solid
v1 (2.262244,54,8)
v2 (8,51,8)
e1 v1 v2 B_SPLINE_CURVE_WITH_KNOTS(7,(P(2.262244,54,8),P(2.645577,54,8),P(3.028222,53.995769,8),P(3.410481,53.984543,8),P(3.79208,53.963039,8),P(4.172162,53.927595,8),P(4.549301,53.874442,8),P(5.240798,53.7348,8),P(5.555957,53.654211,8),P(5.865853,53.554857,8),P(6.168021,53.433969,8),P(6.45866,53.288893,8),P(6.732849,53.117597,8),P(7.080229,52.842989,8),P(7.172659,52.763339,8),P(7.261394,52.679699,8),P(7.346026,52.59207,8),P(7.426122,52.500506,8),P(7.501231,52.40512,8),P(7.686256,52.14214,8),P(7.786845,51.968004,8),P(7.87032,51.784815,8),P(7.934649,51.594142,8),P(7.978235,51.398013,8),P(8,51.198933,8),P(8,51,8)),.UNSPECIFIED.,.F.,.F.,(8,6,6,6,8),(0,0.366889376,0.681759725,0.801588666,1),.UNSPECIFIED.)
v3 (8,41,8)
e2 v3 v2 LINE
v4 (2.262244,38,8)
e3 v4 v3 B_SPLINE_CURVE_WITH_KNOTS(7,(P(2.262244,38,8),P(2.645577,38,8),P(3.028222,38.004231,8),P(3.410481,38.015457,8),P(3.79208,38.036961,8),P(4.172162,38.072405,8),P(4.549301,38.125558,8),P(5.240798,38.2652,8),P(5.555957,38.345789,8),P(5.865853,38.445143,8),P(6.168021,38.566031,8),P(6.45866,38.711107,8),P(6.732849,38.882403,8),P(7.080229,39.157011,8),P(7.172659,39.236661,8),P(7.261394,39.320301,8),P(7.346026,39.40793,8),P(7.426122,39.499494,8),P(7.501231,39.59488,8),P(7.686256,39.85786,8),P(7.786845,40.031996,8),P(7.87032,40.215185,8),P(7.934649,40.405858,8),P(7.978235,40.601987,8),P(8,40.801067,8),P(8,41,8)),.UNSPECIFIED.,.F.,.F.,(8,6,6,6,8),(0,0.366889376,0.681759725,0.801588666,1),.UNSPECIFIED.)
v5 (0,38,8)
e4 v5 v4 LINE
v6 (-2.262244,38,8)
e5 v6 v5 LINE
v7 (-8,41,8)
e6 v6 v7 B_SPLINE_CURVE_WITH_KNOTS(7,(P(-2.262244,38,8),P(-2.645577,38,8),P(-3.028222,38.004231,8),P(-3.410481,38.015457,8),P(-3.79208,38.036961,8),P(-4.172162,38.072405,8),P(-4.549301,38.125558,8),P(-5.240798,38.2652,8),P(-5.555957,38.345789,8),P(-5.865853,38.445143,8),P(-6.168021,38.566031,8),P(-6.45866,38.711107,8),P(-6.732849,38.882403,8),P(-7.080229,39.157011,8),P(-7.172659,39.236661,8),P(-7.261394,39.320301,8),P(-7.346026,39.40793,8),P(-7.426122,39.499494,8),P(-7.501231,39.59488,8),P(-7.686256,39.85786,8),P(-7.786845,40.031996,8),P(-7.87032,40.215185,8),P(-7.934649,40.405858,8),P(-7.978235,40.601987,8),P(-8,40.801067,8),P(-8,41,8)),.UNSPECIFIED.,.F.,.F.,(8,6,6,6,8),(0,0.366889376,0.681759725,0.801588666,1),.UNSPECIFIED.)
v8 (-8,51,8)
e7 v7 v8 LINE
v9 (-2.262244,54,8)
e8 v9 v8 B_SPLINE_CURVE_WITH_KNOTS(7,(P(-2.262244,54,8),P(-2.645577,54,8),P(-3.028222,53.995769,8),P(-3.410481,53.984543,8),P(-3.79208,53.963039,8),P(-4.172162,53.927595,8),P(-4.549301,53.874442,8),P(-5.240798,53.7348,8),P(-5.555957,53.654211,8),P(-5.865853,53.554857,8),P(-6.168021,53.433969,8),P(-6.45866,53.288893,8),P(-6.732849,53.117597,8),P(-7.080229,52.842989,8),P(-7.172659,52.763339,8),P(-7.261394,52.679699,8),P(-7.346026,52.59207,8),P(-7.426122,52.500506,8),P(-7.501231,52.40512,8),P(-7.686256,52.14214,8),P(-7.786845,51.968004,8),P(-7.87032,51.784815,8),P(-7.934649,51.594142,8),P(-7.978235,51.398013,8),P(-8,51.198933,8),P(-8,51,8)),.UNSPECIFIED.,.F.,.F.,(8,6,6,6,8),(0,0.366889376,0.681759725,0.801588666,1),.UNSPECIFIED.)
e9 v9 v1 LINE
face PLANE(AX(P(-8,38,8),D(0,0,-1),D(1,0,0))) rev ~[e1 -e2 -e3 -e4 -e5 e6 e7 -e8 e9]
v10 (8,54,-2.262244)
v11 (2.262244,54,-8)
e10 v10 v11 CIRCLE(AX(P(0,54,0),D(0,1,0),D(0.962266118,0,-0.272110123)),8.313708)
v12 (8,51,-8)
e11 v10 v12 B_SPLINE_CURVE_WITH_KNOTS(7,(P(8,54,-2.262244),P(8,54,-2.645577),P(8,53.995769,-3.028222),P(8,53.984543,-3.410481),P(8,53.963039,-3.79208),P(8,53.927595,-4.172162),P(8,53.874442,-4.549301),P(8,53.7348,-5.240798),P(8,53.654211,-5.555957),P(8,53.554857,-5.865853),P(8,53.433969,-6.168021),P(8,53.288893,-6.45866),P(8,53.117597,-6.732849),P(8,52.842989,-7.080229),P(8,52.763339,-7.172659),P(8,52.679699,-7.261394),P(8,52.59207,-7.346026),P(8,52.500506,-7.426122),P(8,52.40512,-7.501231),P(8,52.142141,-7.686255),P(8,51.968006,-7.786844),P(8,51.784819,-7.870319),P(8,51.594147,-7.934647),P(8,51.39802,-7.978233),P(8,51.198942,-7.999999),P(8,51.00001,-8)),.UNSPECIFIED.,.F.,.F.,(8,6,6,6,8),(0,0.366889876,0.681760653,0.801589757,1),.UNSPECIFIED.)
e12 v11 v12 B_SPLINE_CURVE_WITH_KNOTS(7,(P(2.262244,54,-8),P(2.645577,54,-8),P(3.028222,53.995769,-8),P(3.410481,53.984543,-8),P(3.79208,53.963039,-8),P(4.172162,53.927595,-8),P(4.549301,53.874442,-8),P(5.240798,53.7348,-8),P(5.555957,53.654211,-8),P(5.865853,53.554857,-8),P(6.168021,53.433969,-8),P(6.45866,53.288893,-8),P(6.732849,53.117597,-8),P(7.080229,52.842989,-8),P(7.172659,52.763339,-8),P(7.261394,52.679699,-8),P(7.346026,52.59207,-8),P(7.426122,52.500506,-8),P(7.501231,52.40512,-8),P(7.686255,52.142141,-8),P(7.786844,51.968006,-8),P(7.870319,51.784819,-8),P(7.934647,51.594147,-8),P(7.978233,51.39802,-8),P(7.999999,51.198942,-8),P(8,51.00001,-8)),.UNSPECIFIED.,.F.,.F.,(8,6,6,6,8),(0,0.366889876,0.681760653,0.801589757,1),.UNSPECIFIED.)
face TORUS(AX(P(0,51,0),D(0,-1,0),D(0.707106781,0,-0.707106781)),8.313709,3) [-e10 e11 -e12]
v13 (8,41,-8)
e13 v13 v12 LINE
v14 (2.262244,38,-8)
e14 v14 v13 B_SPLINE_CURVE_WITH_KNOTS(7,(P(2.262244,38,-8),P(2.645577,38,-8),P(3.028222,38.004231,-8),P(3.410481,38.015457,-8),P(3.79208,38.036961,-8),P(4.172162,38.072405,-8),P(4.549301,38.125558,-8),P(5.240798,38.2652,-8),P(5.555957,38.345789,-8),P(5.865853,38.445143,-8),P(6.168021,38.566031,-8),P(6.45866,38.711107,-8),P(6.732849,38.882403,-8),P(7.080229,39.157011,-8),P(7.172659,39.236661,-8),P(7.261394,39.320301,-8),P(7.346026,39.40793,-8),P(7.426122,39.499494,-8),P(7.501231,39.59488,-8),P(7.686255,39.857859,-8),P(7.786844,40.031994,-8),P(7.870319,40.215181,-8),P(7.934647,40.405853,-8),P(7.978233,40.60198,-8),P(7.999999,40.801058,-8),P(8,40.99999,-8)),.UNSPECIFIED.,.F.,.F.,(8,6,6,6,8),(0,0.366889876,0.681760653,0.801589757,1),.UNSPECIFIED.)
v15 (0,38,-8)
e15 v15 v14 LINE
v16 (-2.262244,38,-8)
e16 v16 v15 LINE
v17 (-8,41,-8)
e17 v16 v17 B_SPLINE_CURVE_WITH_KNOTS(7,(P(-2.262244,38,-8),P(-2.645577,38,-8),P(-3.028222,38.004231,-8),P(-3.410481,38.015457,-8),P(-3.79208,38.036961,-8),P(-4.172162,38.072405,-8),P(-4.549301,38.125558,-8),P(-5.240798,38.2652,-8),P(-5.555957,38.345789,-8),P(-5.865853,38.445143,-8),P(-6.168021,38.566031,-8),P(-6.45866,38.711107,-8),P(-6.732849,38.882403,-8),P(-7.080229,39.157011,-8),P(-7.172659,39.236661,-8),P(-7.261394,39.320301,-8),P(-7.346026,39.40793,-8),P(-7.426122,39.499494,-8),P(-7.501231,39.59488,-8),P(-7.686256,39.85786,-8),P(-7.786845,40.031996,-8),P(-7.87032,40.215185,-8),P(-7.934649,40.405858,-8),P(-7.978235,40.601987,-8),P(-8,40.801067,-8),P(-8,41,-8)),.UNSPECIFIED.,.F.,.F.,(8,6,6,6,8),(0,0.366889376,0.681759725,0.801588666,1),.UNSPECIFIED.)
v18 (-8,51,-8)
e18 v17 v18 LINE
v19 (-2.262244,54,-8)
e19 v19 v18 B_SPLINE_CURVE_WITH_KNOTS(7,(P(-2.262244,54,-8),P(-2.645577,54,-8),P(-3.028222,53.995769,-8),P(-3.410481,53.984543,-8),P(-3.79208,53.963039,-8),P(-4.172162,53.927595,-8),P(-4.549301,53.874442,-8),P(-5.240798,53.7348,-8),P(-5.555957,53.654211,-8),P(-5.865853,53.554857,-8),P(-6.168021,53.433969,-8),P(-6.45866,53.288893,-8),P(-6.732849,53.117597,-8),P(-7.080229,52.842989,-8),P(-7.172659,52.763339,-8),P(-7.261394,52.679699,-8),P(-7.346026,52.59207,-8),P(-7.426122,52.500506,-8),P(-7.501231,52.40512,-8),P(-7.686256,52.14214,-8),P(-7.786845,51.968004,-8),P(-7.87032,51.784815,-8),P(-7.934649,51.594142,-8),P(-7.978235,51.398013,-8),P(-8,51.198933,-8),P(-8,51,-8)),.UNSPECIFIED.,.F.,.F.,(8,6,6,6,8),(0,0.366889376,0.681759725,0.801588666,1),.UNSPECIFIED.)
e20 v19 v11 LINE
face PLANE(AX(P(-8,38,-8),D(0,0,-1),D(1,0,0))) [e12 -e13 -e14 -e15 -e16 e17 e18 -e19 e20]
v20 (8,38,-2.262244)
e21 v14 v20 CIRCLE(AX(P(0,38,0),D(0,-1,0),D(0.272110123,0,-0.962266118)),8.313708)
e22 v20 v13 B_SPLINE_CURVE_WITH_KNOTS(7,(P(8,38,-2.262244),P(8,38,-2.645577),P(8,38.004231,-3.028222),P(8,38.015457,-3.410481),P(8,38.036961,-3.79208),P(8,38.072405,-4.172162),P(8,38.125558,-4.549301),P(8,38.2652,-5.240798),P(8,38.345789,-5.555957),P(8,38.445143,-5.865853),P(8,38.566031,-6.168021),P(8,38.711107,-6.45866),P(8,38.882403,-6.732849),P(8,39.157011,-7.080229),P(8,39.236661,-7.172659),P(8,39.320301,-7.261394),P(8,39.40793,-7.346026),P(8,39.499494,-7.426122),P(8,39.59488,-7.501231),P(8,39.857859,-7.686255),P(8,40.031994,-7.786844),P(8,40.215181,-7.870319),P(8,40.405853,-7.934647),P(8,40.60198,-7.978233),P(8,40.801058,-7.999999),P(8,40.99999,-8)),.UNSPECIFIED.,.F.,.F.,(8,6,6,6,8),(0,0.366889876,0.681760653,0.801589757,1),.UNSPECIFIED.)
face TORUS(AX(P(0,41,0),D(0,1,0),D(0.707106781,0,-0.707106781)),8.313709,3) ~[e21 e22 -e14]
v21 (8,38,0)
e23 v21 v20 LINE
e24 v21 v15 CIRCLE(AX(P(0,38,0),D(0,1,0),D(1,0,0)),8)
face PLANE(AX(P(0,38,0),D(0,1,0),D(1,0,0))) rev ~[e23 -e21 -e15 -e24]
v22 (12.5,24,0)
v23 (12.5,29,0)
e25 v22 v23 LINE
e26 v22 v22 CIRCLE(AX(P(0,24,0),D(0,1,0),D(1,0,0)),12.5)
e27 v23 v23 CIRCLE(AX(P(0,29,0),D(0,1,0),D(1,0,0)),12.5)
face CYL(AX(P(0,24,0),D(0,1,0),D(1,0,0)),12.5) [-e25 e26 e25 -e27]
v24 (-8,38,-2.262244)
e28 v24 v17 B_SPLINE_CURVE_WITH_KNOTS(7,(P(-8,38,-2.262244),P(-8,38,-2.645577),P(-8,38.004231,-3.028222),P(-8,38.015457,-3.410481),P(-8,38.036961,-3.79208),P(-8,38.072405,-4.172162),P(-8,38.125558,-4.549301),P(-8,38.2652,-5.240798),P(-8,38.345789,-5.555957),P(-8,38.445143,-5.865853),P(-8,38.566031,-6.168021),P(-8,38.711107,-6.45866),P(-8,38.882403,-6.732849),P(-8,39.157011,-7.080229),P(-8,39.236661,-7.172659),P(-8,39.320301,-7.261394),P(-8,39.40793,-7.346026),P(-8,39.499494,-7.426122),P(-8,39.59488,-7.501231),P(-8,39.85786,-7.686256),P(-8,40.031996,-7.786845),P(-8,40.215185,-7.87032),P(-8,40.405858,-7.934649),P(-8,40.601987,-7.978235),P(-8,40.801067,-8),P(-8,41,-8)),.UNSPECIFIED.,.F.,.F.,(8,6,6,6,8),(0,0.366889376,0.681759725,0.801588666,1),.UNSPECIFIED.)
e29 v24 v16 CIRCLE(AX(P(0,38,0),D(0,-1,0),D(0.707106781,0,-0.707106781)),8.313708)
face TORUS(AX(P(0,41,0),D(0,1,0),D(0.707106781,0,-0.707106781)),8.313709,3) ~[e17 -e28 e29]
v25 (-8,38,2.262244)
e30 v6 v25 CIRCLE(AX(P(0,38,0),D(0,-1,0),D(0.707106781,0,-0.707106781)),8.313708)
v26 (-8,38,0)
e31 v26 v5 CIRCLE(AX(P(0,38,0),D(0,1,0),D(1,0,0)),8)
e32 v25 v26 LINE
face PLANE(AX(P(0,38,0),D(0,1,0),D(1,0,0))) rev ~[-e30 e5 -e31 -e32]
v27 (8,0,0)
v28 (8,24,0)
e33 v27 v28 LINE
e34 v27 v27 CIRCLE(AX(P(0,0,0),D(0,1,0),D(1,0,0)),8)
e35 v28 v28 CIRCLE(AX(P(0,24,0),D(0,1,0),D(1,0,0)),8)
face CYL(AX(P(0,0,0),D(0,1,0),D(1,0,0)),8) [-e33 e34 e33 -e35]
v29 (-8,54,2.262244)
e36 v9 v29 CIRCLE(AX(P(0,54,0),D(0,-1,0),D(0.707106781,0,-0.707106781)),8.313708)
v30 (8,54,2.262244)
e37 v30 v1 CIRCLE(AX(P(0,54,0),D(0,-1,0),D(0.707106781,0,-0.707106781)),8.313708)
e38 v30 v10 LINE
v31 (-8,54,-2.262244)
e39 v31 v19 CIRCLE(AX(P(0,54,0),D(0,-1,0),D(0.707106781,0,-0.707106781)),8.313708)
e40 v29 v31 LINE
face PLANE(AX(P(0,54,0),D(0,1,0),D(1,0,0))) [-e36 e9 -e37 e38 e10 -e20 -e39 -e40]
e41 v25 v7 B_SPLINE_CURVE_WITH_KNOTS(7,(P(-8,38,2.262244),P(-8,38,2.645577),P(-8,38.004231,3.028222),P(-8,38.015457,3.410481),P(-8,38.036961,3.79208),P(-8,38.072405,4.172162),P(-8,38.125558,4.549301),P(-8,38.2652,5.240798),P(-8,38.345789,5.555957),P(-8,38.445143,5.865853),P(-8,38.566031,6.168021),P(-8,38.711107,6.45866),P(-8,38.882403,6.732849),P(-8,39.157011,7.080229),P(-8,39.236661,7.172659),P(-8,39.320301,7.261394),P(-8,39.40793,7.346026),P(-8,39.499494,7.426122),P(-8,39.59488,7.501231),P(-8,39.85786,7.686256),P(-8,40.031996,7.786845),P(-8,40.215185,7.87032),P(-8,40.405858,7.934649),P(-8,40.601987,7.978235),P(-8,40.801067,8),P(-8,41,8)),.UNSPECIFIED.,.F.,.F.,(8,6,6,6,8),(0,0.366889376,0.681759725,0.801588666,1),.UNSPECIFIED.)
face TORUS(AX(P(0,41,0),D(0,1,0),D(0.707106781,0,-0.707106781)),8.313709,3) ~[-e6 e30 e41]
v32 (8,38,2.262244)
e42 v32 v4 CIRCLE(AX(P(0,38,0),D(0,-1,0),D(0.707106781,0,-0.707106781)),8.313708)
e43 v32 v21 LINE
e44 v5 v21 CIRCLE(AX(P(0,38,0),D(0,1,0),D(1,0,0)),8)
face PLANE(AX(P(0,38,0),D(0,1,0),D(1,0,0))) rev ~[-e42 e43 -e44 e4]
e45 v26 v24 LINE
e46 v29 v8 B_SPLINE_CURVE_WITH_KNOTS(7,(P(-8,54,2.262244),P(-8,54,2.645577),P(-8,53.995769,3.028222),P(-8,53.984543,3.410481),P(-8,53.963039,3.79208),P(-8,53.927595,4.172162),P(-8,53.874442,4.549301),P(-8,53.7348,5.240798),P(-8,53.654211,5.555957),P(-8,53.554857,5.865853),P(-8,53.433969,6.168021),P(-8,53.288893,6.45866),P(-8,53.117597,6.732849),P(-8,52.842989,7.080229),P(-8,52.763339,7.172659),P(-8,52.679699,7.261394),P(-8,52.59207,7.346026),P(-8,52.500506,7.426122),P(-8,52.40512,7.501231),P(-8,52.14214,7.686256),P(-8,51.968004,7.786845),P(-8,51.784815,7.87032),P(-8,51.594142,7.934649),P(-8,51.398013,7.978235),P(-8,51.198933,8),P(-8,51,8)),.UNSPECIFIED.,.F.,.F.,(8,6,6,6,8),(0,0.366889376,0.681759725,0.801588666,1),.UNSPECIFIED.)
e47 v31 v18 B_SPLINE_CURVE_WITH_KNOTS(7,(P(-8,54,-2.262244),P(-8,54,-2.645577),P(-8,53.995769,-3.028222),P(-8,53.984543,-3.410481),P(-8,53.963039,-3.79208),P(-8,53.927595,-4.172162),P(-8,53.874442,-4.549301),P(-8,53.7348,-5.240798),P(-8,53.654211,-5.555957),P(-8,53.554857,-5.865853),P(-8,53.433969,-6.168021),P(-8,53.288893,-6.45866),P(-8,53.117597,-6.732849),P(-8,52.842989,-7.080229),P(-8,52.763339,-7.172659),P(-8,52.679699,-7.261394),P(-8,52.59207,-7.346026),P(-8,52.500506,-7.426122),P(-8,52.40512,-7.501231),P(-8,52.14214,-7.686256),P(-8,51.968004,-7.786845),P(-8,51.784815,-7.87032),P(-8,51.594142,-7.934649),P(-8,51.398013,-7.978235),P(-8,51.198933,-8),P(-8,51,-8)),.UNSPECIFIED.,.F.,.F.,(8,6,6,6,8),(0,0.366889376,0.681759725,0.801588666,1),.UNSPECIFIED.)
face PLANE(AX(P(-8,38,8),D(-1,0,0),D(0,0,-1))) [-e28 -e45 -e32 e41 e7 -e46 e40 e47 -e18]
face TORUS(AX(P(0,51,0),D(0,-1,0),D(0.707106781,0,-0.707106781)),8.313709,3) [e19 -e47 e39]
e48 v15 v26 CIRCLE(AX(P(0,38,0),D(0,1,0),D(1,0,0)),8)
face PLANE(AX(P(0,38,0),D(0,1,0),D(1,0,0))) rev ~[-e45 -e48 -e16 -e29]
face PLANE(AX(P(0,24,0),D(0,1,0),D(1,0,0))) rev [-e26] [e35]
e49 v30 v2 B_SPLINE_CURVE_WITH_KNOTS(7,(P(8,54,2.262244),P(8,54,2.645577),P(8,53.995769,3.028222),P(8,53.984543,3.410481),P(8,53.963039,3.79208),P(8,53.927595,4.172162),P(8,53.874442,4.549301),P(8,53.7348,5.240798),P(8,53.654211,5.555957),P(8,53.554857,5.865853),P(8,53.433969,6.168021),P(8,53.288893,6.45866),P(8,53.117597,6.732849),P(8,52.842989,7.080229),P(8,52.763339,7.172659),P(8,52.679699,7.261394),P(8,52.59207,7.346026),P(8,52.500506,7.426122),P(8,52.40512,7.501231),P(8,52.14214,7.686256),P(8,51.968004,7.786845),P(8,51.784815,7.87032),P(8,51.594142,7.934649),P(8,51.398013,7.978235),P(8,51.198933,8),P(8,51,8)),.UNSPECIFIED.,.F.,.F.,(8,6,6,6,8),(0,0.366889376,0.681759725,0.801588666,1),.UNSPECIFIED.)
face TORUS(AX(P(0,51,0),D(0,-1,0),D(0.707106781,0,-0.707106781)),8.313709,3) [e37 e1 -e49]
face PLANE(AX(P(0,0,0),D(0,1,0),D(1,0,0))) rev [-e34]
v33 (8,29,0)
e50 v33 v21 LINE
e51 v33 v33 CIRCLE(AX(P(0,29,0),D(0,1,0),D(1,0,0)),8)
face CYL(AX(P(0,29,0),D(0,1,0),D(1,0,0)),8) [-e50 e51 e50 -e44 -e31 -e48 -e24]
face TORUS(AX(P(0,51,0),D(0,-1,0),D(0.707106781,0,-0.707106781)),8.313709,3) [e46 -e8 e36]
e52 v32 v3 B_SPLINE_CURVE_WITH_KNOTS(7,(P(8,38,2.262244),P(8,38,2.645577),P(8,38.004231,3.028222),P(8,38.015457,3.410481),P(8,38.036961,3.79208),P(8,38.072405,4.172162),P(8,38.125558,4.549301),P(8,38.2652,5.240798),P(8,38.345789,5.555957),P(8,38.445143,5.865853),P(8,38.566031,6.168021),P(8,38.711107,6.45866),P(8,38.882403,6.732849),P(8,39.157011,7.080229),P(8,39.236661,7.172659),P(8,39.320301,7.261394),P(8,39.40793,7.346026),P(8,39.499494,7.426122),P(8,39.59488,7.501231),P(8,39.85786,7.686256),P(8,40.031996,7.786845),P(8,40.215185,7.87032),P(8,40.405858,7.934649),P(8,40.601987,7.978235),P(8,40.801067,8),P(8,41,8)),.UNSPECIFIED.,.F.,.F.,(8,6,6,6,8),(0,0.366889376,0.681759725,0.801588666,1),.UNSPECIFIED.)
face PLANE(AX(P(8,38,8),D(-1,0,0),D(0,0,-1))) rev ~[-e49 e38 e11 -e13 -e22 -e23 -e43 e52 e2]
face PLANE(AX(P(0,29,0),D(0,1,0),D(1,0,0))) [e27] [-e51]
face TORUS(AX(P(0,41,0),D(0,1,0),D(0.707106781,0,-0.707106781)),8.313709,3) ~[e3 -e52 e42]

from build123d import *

# Parameters (mm, degrees)
SKETCH2_W           = 16
SKETCH2_H           = 16
BOSS_EXTRUDE1_DEPTH = 16


with BuildPart() as part:
    # Sketch1 → Revolve1 (revolve)
    with BuildSketch(Plane.XY):
        Polygon((0, 0), (8, 0), (8, 24), (12.5, 24), (12.5, 29), (8, 29), (8, 38), (0, 38), align=None)
    revolve(axis=Axis((0, 0, 0), (0, 1, 0)))

    # Sketch2 → Boss-Extrude1 (add)
    with BuildSketch(Plane(origin=(0, 38, 0), x_dir=(1, 0, 0), z_dir=(0, 1, 0))):
        Rectangle(SKETCH2_W, SKETCH2_H)
    extrude(amount=BOSS_EXTRUDE1_DEPTH)

    # Sketch3 → Cut-Revolve1 (revolve, cut)
    with BuildSketch(Plane(origin=(0, 0, 0), x_dir=(0.707106781, 0, -0.707106781), z_dir=(0.707106781, 0, 0.707106781))):
        with BuildLine():
            Line((11.313708499, 54), (8.313708499, 54))
            ThreePointArc((8.313708499, 54), (10.435028843, 53.121320344), (11.313708499, 51))
            Line((11.313708499, 51), (11.313708499, 54))
        make_face()
        with BuildLine():
            Line((11.313708499, 38), (8.313708499, 38))
            ThreePointArc((8.313708499, 38), (10.435028843, 38.878679656), (11.313708499, 41))
            Line((11.313708499, 41), (11.313708499, 38))
        make_face()
    revolve(axis=Axis((0, 34.971130997, 0), (0, -1, 0)), mode=Mode.SUBTRACT)


solid = part.part
